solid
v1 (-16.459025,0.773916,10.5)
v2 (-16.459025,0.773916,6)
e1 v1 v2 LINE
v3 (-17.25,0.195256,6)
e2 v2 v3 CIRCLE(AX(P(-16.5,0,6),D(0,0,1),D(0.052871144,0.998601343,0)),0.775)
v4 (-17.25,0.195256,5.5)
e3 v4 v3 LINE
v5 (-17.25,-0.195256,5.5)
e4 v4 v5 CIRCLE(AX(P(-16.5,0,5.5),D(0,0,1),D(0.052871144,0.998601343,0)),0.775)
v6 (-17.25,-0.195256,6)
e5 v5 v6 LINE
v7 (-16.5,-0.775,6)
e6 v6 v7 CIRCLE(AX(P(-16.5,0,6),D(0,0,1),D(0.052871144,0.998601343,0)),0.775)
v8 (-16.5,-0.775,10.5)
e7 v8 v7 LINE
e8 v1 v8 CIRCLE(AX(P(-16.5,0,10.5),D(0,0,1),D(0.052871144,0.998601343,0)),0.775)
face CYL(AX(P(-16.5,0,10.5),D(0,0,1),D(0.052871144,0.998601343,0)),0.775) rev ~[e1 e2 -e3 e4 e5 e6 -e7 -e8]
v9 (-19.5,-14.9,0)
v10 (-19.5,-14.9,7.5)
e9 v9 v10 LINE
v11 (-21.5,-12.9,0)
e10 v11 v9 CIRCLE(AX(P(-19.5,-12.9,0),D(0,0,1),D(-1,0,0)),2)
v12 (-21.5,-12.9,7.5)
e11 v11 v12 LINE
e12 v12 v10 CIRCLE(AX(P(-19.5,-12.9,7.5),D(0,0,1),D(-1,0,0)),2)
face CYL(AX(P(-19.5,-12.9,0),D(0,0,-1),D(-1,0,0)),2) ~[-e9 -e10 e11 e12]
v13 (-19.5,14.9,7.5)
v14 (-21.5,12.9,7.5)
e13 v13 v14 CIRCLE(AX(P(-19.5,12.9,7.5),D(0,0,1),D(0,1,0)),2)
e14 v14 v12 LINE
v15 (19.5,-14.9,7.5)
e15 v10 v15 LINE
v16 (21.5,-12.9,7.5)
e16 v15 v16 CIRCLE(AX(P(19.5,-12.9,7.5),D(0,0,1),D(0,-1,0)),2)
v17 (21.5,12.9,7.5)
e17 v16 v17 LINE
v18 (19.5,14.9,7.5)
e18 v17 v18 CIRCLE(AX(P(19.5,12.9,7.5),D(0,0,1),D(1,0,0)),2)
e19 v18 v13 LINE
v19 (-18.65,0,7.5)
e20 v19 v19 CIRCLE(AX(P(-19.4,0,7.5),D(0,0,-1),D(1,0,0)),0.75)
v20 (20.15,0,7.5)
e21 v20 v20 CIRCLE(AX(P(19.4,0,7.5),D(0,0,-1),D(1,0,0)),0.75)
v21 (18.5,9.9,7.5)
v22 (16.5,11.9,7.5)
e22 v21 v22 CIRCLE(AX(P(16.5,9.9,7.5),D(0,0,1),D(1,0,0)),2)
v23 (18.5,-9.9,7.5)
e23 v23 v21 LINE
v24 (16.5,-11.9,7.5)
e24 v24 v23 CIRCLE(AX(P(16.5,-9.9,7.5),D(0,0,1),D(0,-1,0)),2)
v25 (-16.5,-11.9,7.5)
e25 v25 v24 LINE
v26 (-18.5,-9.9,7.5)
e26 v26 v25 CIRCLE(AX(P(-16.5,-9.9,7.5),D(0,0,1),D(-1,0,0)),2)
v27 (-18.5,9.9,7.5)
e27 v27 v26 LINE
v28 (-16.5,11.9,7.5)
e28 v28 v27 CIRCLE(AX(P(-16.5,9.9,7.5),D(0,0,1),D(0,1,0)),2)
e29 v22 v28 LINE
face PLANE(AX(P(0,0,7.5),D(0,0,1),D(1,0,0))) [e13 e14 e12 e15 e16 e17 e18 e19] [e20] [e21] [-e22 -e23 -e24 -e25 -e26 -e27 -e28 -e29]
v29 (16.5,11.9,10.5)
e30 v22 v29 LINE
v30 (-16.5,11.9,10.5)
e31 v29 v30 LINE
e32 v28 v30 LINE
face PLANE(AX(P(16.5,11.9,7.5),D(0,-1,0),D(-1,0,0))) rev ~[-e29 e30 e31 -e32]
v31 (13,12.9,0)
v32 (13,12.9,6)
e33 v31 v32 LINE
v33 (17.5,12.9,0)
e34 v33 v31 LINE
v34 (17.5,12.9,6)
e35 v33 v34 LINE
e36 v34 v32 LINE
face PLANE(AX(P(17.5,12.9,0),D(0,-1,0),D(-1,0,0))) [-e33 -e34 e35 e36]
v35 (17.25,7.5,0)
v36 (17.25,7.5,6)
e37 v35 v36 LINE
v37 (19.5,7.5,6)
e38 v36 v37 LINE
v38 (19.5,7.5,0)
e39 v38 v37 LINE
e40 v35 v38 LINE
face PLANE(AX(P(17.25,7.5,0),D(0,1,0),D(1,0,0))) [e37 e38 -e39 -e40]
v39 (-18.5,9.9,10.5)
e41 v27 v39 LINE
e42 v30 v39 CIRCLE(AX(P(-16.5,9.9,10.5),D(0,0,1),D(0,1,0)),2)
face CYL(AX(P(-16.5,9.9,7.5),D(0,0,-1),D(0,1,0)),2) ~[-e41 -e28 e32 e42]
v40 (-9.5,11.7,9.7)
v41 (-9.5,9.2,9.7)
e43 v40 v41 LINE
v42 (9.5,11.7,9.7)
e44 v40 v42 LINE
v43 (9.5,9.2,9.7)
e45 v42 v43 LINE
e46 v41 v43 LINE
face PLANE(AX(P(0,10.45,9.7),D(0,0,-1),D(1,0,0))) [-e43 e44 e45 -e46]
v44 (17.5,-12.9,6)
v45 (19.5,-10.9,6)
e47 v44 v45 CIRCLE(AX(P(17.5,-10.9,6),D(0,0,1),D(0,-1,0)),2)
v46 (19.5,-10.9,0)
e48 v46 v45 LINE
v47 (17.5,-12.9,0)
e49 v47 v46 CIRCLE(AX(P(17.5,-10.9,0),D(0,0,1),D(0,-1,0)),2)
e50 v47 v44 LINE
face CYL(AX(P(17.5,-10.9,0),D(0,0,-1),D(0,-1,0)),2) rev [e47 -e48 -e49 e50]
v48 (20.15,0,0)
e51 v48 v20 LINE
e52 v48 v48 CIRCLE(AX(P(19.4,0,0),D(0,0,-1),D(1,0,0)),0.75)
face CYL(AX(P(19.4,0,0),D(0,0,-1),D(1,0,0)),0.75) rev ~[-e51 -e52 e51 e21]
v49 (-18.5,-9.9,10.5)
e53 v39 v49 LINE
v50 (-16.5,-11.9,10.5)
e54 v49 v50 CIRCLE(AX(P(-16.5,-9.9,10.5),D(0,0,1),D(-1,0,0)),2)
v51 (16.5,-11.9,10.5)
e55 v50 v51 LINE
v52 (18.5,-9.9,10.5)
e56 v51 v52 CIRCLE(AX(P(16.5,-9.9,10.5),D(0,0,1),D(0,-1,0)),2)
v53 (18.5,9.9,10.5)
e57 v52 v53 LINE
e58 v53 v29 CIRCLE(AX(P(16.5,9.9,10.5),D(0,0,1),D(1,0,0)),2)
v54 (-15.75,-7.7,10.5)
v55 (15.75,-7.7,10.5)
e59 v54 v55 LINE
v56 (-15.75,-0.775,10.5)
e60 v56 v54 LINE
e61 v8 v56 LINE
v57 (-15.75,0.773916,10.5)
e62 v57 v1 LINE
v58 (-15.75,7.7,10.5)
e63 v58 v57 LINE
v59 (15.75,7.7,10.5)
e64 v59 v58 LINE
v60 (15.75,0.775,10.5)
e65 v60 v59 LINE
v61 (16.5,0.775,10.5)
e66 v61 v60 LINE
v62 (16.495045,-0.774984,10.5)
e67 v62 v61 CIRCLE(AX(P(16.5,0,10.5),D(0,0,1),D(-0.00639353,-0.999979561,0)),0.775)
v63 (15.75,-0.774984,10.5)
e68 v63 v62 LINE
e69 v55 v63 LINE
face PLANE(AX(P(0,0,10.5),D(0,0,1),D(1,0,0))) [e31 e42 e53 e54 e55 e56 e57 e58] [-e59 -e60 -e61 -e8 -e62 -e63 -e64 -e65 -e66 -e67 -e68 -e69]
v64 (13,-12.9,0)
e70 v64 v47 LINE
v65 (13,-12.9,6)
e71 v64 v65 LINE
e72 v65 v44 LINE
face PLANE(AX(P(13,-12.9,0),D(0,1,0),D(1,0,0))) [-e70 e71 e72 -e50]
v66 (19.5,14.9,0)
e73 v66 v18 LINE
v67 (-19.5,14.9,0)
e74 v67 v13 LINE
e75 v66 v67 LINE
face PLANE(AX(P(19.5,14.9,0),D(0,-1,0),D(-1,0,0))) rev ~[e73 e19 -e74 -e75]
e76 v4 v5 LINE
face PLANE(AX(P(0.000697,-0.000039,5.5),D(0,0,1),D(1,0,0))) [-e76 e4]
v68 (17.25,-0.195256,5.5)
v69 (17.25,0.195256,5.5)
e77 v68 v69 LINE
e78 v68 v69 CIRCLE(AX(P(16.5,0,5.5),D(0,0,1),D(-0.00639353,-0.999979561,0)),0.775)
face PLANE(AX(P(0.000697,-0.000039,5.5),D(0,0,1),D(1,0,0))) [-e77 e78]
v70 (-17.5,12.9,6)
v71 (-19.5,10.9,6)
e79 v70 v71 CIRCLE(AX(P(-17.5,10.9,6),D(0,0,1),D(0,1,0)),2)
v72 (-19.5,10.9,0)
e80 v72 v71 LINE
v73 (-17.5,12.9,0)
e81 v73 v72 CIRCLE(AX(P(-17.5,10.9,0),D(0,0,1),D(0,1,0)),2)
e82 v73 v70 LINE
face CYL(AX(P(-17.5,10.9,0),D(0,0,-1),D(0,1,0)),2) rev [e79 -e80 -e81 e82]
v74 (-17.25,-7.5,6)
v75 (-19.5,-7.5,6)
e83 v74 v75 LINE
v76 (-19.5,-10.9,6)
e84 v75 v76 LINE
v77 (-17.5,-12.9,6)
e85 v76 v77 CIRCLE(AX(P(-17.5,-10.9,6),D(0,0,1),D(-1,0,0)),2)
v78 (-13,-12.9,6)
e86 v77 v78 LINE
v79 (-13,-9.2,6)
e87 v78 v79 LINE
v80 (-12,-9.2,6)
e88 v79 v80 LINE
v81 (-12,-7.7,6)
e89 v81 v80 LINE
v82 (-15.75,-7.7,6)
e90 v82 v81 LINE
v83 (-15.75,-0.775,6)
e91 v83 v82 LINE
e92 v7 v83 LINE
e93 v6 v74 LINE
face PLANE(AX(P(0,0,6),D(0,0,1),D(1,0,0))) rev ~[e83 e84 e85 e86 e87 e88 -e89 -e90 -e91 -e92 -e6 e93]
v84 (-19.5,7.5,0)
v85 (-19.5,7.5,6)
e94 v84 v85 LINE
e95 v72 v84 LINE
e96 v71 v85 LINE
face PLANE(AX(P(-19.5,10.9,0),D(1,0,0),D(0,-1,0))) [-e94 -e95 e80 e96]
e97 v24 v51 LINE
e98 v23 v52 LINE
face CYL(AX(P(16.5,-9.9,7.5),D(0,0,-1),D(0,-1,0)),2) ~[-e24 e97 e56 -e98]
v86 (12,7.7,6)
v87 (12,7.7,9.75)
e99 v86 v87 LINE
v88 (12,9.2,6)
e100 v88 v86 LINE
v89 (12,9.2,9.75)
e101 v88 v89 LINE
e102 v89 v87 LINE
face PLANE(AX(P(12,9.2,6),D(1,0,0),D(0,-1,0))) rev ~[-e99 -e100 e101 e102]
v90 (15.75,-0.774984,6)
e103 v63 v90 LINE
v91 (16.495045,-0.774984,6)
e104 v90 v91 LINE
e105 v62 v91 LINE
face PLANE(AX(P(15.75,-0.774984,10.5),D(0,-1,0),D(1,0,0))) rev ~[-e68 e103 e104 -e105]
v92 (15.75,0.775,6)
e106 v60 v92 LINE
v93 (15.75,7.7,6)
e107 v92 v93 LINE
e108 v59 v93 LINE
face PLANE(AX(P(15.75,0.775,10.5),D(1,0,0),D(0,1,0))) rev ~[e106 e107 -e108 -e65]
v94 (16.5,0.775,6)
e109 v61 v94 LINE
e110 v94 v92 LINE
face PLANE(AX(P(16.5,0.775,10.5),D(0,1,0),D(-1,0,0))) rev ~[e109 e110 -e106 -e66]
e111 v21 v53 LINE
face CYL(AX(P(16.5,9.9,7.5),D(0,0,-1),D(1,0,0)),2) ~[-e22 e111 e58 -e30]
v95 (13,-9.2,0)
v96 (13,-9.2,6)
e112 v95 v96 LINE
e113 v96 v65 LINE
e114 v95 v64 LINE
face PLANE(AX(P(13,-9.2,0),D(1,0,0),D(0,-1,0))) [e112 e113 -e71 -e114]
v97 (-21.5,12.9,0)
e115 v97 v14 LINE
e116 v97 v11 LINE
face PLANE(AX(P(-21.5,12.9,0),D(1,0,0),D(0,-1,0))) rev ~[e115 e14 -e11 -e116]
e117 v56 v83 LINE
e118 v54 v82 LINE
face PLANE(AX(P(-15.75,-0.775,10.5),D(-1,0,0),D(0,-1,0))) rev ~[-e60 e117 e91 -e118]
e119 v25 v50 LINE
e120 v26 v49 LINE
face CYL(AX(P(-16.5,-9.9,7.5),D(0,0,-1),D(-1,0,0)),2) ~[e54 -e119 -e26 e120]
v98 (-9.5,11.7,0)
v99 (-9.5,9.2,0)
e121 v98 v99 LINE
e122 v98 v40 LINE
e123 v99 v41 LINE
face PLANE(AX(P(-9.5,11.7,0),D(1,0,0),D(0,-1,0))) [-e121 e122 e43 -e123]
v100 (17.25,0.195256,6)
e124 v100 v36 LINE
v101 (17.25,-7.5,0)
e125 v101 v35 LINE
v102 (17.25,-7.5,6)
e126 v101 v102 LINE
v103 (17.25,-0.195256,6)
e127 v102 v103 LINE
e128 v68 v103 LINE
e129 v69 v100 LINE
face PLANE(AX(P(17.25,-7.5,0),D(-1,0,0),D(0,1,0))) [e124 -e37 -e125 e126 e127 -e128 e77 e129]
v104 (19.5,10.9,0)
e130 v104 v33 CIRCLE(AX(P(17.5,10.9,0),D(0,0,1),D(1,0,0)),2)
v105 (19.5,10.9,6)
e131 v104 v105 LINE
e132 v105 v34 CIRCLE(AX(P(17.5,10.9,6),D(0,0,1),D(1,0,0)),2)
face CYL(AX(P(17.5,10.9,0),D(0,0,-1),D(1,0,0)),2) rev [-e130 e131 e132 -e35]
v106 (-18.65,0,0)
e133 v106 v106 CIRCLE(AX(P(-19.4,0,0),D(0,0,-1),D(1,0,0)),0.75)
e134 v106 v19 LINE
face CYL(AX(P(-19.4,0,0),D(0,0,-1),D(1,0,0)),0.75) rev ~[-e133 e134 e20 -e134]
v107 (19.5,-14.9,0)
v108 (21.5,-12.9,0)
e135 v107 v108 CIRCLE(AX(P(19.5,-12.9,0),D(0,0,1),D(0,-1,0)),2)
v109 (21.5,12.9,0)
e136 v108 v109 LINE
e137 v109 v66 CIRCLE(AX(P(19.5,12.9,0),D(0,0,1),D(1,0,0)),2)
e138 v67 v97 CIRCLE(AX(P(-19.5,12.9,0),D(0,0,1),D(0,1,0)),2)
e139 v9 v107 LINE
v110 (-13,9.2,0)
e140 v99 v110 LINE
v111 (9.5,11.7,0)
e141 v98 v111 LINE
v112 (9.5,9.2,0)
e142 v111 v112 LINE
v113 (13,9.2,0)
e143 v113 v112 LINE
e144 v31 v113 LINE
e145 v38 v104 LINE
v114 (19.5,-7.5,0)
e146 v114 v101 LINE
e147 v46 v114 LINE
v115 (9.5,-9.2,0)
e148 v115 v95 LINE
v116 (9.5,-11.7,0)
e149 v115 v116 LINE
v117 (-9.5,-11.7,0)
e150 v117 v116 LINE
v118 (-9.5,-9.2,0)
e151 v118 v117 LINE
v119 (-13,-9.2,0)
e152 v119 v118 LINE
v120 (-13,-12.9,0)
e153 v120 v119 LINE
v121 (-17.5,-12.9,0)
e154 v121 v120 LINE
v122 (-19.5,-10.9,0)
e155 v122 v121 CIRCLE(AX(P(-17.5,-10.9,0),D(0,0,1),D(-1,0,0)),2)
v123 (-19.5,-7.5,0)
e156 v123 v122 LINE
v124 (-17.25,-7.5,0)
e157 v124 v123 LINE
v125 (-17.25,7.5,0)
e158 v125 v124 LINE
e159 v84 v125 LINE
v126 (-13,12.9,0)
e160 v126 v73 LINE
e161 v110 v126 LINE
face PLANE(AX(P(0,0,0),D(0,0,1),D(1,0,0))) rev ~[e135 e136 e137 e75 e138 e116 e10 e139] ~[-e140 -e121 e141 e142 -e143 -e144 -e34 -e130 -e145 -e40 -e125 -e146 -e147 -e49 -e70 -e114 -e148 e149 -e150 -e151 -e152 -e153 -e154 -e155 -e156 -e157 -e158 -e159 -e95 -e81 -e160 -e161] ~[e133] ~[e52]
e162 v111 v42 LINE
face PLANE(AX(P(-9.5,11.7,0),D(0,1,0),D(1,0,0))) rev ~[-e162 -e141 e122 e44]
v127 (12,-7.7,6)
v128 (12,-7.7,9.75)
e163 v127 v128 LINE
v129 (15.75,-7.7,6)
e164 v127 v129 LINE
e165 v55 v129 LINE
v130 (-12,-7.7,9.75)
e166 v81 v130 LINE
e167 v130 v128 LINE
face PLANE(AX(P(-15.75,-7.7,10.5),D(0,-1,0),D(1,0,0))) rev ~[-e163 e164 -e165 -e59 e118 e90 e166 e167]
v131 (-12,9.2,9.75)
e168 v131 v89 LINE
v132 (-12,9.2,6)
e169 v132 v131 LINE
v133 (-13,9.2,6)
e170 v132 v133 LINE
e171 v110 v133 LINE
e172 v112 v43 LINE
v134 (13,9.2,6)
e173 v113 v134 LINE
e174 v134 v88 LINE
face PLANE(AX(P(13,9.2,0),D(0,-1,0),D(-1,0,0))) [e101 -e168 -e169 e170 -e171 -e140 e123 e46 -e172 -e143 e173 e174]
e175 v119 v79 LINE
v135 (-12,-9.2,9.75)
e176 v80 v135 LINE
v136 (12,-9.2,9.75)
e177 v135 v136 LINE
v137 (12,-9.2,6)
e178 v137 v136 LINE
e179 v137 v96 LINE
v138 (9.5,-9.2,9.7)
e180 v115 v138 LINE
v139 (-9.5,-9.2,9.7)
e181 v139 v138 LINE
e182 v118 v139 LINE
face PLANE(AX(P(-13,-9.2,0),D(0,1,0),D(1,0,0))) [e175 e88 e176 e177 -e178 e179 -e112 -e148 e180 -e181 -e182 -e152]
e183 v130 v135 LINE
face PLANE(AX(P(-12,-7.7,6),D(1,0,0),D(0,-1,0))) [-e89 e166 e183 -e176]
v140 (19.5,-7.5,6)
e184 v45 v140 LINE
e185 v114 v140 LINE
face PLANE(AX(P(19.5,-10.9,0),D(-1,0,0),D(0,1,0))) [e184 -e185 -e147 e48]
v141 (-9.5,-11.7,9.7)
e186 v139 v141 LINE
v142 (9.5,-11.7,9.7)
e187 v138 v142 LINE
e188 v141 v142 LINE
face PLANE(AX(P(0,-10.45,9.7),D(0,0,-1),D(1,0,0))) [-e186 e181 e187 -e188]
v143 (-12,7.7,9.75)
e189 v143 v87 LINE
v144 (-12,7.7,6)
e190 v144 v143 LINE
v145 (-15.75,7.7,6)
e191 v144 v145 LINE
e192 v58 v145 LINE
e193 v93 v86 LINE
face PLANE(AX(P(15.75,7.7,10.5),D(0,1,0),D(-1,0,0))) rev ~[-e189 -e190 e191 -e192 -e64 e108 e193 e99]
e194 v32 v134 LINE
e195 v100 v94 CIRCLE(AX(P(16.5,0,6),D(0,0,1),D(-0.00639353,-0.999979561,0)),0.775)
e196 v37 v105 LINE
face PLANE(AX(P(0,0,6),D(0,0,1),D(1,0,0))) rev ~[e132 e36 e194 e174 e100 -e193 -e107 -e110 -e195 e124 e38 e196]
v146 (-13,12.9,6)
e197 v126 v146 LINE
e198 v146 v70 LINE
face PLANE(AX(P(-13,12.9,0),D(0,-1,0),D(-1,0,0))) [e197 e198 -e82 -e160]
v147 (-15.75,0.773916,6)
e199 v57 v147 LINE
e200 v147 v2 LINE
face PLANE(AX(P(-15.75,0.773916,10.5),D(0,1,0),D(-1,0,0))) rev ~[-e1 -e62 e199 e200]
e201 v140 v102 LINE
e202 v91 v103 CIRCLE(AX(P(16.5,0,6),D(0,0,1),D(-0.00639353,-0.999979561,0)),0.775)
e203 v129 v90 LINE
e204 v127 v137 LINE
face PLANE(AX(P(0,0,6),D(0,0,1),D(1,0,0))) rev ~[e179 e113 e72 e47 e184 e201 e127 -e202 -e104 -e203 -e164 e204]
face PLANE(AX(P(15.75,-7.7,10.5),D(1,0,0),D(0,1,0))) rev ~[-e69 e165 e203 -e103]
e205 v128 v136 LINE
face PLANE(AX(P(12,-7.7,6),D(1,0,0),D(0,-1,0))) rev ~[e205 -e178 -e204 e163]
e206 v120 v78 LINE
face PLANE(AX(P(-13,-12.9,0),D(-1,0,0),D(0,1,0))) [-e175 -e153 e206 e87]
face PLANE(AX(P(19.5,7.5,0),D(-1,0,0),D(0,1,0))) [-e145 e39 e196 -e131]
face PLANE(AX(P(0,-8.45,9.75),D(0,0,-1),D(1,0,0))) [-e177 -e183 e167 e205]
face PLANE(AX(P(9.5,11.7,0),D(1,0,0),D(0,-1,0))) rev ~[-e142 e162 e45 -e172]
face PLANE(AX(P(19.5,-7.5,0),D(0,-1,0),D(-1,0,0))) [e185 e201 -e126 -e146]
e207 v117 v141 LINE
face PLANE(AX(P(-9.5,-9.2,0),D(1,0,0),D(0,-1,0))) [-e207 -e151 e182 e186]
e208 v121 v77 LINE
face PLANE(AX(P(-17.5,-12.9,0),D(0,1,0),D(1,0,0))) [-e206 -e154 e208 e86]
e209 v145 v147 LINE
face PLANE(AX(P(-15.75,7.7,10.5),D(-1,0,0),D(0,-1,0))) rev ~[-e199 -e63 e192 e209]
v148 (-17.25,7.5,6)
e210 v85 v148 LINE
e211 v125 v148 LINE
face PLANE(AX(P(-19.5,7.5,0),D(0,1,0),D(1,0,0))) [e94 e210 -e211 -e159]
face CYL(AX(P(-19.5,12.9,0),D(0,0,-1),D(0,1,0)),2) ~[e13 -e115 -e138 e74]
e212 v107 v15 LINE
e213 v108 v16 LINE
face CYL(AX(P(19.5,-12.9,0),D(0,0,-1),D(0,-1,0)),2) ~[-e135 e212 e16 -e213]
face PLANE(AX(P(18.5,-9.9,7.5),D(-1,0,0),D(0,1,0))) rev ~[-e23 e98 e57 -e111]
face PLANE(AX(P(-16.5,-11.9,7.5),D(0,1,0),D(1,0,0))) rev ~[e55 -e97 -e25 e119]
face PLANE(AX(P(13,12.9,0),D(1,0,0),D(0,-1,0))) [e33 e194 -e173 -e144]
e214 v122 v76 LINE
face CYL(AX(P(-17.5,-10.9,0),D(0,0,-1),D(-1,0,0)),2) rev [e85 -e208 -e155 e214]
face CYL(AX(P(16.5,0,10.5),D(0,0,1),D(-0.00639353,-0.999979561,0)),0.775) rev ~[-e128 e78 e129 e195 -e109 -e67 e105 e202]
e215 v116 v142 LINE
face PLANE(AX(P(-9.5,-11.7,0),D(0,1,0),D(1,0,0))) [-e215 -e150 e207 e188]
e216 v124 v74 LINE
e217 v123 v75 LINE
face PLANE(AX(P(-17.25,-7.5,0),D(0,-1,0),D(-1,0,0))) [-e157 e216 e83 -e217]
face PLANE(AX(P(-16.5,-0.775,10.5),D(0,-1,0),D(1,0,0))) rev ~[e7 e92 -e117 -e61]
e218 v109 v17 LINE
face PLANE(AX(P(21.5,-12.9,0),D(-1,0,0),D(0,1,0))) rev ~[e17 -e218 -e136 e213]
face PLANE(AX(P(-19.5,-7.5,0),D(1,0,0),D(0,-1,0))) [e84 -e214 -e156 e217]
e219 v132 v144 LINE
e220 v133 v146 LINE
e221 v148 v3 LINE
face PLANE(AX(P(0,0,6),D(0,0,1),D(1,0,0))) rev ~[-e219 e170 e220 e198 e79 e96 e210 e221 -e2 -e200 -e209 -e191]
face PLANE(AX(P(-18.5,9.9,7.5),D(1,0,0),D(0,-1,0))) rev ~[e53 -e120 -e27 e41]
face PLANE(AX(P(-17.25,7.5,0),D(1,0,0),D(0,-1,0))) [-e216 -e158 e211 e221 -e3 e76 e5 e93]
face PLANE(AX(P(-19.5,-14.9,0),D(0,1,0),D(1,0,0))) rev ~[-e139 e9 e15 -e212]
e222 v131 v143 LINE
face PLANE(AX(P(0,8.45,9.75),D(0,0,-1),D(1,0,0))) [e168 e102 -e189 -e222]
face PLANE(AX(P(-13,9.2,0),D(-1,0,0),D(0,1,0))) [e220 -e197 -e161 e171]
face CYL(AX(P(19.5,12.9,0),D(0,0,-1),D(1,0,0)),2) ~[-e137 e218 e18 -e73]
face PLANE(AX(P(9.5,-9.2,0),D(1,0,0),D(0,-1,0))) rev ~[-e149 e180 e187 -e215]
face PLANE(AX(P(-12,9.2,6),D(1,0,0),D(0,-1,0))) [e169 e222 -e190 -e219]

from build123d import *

# Parameters (mm, degrees)
F1_DEPTH  = 7.5
F3_DEPTH  = 6
F5_DEPTH  = 3
F7_DEPTH  = 5
F8_W      = 24
F8_H      = 1.5
F9_DEPTH  = 3.75
F10_W     = 19
F10_H     = 2.5
F11_DEPTH = 9.7
F12_R     = 0.75
F13_DEPTH = 7.7
F14_W     = 24
F14_H     = 1.5
F15_DEPTH = 3.75
F16_DEPTH = 9.7


with BuildPart() as f1:
    # F0 (on Top) → F1 (new body)
    with BuildSketch(Plane.XY):
        with BuildLine():
            Line((-19.5, -14.9), (19.5, -14.9))
            ThreePointArc((19.5, -14.9), (20.9142135624, -14.3142135624), (21.5, -12.9))
            Line((21.5, -12.9), (21.5, 12.9))
            ThreePointArc((21.5, 12.9), (20.9142135624, 14.3142135624), (19.5, 14.9))
            Line((19.5, 14.9), (-19.5, 14.9))
            ThreePointArc((-19.5, 14.9), (-20.9142135624, 14.3142135624), (-21.5, 12.9))
            Line((-21.5, 12.9), (-21.5, -12.9))
            ThreePointArc((-21.5, -12.9), (-20.9142135624, -14.3142135624), (-19.5, -14.9))
        make_face()
    extrude(amount=F1_DEPTH)

    # F2 (on Top) → F3 (cut)
    with BuildSketch(Plane.XY):
        with BuildLine():
            Line((-13, -9.2), (13, -9.2))
            Line((13, -9.2), (13, -12.9))
            Line((13, -12.9), (17.5, -12.9))
            ThreePointArc((17.5, -12.9), (18.9142135624, -12.3142135624), (19.5, -10.9))
            Line((19.5, -10.9), (19.5, -7.5))
            Line((19.5, -7.5), (17.25, -7.5))
            Line((17.25, -7.5), (17.25, 7.5))
            Line((17.25, 7.5), (19.5, 7.5))
            Line((19.5, 7.5), (19.5, 10.9))
            ThreePointArc((19.5, 10.9), (18.9142135624, 12.3142135624), (17.5, 12.9))
            Line((17.5, 12.9), (13, 12.9))
            Line((13, 12.9), (13, 9.2))
            Line((13, 9.2), (-13, 9.2))
            Line((-13, 9.2), (-13, 12.9))
            Line((-13, 12.9), (-17.5, 12.9))
            ThreePointArc((-17.5, 12.9), (-18.9142135624, 12.3142135624), (-19.5, 10.9))
            Line((-19.5, 10.9), (-19.5, 7.5))
            Line((-19.5, 7.5), (-17.25, 7.5))
            Line((-17.25, 7.5), (-17.25, -7.5))
            Line((-17.25, -7.5), (-19.5, -7.5))
            Line((-19.5, -7.5), (-19.5, -10.9))
            ThreePointArc((-19.5, -10.9), (-18.9142135624, -12.3142135624), (-17.5, -12.9))
            Line((-17.5, -12.9), (-13, -12.9))
            Line((-13, -12.9), (-13, -9.2))
        make_face()
    extrude(amount=F3_DEPTH, mode=Mode.SUBTRACT)

    # F4 (on face) → F5 (join)
    with BuildSketch(Plane.XY.offset(7.5)):
        with BuildLine():
            Line((-16.5, -11.9), (16.5, -11.9))
            ThreePointArc((16.5, -11.9), (17.9142135624, -11.3142135624), (18.5, -9.9))
            Line((18.5, -9.9), (18.5, 9.9))
            ThreePointArc((18.5, 9.9), (17.9142135624, 11.3142135624), (16.5, 11.9))
            Line((16.5, 11.9), (-16.5, 11.9))
            ThreePointArc((-16.5, 11.9), (-17.9142135624, 11.3142135624), (-18.5, 9.9))
            Line((-18.5, 9.9), (-18.5, -9.9))
            ThreePointArc((-18.5, -9.9), (-17.9142135624, -11.3142135624), (-16.5, -11.9))
        make_face()
    extrude(amount=F5_DEPTH)

    # F6 (on face) → F7 (cut)
    with BuildSketch(Plane.XY.offset(10.5)):
        with BuildLine():
            Line((-15.75, -7.7), (15.75, -7.7))
            Line((15.75, -7.7), (15.75, -0.7749841599))
            Line((15.75, -0.7749841599), (16.4950450141, -0.7749841599))
            ThreePointArc((16.4950450141, -0.7749841599), (17.27499604, -0.0024775056), (16.5, 0.775))
            Line((16.5, 0.775), (15.75, 0.775))
            Line((15.75, 0.775), (15.75, 7.7))
            Line((15.75, 7.7), (-15.75, 7.7))
            Line((-15.75, 7.7), (-15.75, 0.7739160408))
            Line((-15.75, 0.7739160408), (-16.459024863, 0.7739160408))
            ThreePointArc((-16.459024863, 0.7739160408), (-17.2747289628, 0.020494736), (-16.5, -0.775))
            Line((-16.5, -0.775), (-15.75, -0.775))
            Line((-15.75, -0.775), (-15.75, -7.7))
        make_face()
    extrude(amount=-F7_DEPTH, mode=Mode.SUBTRACT)

    # F8 (on face) → F9 (cut)
    with BuildSketch(Plane(origin=(0, 0, 6), x_dir=(1, 0, 0), z_dir=(0, 0, -1))):
        with Locations((0, -8.45)):
            Rectangle(F8_W, F8_H)
    extrude(amount=-F9_DEPTH, mode=Mode.SUBTRACT)

    # F10 (on face) → F11 (cut)
    with BuildSketch(Plane(origin=(0, 0, 0), x_dir=(1, 0, 0), z_dir=(0, 0, -1))):
        with Locations((0, -10.45)):
            Rectangle(F10_W, F10_H)
    extrude(amount=-F11_DEPTH, mode=Mode.SUBTRACT)

    # F12 (on face) → F13 (cut)
    with BuildSketch(Plane(origin=(0, 0, 0), x_dir=(1, 0, 0), z_dir=(0, 0, -1))):
        with Locations((19.4, 0)):
            Circle(F12_R)
        with Locations((-19.4, 0)):
            Circle(F12_R)
    extrude(amount=-F13_DEPTH, mode=Mode.SUBTRACT)

    # F14 (on face) → F15 (cut)
    with BuildSketch(Plane(origin=(0, 0, 6), x_dir=(1, 0, 0), z_dir=(0, 0, -1))):
        with Locations((0, 8.45)):
            Rectangle(F14_W, F14_H)
    extrude(amount=-F15_DEPTH, mode=Mode.SUBTRACT)

    # F10 (on face) → F16 (cut)
    with BuildSketch(Plane(origin=(0, 0, 0), x_dir=(1, 0, 0), z_dir=(0, 0, -1))):
        with Locations((0, 10.45)):
            Rectangle(F10_W, F10_H)
    extrude(amount=-F16_DEPTH, mode=Mode.SUBTRACT)


solid = f1.part
